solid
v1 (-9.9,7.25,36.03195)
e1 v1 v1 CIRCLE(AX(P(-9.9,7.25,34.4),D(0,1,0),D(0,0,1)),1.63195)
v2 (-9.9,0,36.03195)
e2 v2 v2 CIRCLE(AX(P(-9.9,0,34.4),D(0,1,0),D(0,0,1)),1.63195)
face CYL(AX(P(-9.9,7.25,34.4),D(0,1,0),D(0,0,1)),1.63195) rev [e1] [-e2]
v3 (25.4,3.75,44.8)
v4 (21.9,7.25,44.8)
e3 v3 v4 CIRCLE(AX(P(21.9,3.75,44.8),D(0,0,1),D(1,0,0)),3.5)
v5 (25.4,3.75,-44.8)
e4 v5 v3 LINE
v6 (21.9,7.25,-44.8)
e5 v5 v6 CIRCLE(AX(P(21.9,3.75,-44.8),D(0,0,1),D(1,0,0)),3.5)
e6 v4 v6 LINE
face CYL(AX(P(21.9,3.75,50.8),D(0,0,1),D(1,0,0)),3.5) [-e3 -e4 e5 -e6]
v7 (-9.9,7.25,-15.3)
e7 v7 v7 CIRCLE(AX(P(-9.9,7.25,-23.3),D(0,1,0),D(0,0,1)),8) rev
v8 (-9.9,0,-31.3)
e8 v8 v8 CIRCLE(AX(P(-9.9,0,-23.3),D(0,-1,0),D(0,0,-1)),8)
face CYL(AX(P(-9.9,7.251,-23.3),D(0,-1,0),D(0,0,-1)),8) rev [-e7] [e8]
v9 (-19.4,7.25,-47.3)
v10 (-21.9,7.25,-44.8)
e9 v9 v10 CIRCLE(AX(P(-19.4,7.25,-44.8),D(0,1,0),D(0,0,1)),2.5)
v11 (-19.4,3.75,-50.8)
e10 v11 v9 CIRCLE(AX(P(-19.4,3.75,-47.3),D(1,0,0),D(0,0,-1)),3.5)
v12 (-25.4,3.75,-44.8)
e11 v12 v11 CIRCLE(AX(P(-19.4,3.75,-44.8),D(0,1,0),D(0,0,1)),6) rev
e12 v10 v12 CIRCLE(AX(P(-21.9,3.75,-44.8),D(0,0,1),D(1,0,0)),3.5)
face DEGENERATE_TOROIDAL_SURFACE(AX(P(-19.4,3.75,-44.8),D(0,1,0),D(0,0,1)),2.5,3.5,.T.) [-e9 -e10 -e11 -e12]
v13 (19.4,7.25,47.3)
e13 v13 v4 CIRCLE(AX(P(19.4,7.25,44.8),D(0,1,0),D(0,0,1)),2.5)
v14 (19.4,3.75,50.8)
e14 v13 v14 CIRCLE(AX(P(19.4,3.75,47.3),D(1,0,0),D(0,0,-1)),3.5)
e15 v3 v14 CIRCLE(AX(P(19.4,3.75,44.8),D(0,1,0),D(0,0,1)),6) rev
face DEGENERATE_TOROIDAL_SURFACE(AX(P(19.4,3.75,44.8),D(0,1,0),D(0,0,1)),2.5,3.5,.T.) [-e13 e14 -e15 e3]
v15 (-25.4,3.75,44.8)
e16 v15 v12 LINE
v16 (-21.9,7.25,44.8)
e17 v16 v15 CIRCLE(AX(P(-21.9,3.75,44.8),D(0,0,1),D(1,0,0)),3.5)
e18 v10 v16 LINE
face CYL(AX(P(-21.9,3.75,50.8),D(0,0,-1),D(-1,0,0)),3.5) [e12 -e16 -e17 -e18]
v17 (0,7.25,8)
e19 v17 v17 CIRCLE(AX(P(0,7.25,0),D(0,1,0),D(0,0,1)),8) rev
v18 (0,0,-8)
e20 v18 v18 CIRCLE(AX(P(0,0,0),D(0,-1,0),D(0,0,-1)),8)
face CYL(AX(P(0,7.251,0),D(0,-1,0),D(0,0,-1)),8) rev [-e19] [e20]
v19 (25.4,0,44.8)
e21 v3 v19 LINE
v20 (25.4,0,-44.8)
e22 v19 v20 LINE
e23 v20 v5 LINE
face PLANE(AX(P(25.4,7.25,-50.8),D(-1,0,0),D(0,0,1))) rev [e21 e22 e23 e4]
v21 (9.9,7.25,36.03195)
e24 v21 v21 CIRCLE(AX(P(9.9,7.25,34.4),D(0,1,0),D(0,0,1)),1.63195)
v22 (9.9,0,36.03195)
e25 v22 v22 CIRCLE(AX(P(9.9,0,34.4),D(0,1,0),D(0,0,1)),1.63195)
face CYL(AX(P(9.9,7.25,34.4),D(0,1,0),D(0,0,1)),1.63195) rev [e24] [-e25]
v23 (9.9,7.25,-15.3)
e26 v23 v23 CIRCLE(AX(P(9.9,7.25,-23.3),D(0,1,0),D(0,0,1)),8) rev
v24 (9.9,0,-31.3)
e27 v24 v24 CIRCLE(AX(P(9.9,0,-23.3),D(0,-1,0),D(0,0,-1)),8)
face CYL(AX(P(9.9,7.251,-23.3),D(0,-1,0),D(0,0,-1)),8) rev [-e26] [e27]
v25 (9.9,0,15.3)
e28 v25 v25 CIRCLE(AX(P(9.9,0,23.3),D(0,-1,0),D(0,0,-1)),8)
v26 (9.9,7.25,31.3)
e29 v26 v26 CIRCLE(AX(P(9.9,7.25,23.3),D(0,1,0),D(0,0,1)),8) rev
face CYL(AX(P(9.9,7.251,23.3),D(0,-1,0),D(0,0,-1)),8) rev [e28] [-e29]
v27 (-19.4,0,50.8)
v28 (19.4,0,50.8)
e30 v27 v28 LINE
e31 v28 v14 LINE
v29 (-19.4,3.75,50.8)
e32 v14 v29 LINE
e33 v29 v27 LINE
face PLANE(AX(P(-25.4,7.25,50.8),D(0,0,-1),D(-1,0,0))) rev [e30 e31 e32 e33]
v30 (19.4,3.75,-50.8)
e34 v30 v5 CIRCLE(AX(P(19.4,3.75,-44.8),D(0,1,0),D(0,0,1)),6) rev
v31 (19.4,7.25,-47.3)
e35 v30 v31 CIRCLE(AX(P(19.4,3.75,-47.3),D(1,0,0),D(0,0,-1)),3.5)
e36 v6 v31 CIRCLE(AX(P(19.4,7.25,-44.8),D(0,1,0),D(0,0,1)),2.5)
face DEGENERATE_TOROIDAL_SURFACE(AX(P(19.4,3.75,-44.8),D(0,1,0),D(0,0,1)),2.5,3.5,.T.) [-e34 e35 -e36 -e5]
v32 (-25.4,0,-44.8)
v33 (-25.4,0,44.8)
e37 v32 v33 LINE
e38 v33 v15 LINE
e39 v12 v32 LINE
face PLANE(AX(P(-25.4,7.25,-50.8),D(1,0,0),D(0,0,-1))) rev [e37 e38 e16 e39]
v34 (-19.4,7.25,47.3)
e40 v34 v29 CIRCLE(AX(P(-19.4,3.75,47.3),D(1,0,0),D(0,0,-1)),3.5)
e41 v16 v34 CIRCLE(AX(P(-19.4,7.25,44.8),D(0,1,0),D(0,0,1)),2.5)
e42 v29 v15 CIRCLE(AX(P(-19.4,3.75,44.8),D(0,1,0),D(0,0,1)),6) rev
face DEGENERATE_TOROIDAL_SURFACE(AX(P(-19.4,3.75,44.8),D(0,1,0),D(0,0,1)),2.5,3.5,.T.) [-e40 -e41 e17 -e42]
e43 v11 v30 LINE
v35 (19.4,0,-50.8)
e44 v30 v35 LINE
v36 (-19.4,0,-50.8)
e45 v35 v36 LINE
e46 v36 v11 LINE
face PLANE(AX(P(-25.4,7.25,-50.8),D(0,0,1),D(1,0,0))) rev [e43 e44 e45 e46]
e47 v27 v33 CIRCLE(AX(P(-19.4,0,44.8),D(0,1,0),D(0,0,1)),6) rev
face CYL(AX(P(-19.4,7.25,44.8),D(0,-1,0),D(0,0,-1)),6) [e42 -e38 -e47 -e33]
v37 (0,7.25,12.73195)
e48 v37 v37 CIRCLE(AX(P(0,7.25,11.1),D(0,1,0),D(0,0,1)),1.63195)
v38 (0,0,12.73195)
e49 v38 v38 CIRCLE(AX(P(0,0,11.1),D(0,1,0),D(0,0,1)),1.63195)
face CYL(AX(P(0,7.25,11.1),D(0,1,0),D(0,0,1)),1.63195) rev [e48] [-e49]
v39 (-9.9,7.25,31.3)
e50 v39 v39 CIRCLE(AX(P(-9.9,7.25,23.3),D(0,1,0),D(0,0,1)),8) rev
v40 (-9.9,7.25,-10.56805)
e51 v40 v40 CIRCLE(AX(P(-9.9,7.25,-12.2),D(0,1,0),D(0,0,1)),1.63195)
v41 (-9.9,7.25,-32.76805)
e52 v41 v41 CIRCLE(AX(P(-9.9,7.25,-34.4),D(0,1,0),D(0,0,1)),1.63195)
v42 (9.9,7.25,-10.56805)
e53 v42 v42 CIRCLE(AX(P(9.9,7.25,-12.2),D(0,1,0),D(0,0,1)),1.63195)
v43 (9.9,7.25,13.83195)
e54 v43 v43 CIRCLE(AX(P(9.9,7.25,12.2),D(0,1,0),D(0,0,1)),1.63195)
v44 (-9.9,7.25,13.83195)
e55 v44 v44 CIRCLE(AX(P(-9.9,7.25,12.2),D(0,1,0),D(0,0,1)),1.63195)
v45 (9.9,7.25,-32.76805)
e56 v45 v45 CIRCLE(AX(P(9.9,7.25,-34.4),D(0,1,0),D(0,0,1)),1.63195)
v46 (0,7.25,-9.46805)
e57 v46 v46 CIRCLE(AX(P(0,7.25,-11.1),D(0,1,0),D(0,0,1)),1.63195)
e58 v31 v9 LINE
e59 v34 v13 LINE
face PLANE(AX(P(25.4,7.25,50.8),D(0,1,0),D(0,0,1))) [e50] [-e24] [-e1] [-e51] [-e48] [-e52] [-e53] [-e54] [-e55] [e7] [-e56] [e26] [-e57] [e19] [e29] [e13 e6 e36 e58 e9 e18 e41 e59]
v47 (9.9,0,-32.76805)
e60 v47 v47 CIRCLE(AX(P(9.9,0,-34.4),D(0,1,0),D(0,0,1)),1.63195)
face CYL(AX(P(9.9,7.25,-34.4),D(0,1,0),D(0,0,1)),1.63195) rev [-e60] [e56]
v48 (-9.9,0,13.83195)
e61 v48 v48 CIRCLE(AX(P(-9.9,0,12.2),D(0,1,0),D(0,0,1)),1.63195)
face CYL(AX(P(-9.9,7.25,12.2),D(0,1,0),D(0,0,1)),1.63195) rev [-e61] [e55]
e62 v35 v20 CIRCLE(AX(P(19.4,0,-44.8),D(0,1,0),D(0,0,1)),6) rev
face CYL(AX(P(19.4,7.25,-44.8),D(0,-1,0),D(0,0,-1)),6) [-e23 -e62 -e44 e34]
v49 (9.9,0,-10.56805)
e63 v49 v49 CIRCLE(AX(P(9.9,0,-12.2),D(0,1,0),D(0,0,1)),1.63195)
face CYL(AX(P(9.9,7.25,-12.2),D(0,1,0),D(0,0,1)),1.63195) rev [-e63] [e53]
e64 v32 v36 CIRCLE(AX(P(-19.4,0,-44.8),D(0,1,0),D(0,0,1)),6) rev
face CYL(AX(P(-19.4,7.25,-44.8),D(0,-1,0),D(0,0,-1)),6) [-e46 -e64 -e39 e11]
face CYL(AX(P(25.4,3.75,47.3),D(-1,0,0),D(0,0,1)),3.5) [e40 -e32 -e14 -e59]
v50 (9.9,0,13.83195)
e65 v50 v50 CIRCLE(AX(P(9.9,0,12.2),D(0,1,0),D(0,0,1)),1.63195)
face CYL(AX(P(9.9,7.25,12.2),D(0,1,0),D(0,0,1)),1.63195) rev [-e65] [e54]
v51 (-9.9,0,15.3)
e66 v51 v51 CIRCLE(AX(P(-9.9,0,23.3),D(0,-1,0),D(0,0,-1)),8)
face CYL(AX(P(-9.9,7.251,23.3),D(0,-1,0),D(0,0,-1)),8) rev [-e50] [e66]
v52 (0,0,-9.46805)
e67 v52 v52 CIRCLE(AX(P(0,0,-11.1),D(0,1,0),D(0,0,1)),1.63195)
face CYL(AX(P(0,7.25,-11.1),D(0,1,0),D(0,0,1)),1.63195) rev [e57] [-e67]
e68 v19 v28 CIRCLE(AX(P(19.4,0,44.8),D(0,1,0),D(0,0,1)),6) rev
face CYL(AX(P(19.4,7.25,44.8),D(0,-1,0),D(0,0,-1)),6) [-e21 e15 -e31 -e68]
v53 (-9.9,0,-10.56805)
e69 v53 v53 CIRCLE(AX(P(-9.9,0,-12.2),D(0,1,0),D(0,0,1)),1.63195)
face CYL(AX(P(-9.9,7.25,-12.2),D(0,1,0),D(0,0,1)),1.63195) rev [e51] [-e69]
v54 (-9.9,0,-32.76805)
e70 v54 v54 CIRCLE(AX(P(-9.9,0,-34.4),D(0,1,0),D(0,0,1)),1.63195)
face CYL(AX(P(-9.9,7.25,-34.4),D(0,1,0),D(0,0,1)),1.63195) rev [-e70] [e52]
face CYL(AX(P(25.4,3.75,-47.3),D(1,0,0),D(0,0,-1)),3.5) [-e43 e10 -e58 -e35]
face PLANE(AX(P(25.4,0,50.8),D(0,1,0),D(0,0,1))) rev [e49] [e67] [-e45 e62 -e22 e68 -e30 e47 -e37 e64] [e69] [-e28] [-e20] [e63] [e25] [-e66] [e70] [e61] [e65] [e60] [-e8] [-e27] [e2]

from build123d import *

# Parameters (mm, degrees)
SKETCH1_W             = 50.8
SKETCH1_H             = 101.6
BOSS_EXTRUDE1_DEPTH   = 7.25
FILLET1_R             = 6
FILLET2_R             = 3.5
CUT_EXTRUDE1_REACH    = 59.257
SKETCH2_R             = 8
F_4_CLEARANCE_HOLE1_D = 3.2639


with BuildPart() as part:
    # Sketch1 → Boss-Extrude1 (new body)
    with BuildSketch(Plane(origin=(0, 0, 0), x_dir=(1, 0, 0), z_dir=(0, 1, 0))):
        Rectangle(SKETCH1_W, SKETCH1_H)
    extrude(amount=BOSS_EXTRUDE1_DEPTH)

    # Fillet1
    fillet1_edges = [part.edges().sort_by_distance(p)[0] for p in [
        (25.4, 3.625, 50.8),
        (-25.4, 3.625, 50.8),
        (-25.4, 3.625, -50.8),
        (25.4, 3.625, -50.8),
    ]]
    fillet(fillet1_edges, radius=FILLET1_R)

    # Fillet2
    fillet2_edges = [part.edges().sort_by_distance(p)[0] for p in [
        (0, 7.25, -50.8),
        (25.4, 7.25, 0),
        (-25.4, 7.25, 0),
        (0, 7.25, 50.8),
        (23.642640687, 7.25, 49.042640687),
        (-23.642640687, 7.25, 49.042640687),
        (-23.642640687, 7.25, -49.042640687),
        (23.642640687, 7.25, -49.042640687),
    ]]
    fillet(fillet2_edges, radius=FILLET2_R)

    # Sketch2 → Cut-Extrude1 (cut, up to next)
    with BuildSketch(Plane.XZ, mode=Mode.PRIVATE) as cut_extrude1_sk1:
        with Locations(Location((0, 0, 0), (0, 0, 270))):
            Circle(SKETCH2_R)
    cut_extrude1_tool1 = extrude(cut_extrude1_sk1.sketch, amount=-CUT_EXTRUDE1_REACH, mode=Mode.PRIVATE) & part.part
    # Sketch2 → Cut-Extrude1 (cut, up to next)
    with BuildSketch(Plane.XZ, mode=Mode.PRIVATE) as cut_extrude1_sk2:
        with Locations(Location((9.9, 23.3, 0), (0, 0, 270))):
            Circle(SKETCH2_R)
    cut_extrude1_tool2 = extrude(cut_extrude1_sk2.sketch, amount=-CUT_EXTRUDE1_REACH, mode=Mode.PRIVATE) & part.part
    # Sketch2 → Cut-Extrude1 (cut, up to next)
    with BuildSketch(Plane.XZ, mode=Mode.PRIVATE) as cut_extrude1_sk3:
        with Locations(Location((-9.9, 23.3, 0), (0, 0, 270))):
            Circle(SKETCH2_R)
    cut_extrude1_tool3 = extrude(cut_extrude1_sk3.sketch, amount=-CUT_EXTRUDE1_REACH, mode=Mode.PRIVATE) & part.part
    # Sketch2 → Cut-Extrude1 (cut, up to next)
    with BuildSketch(Plane.XZ, mode=Mode.PRIVATE) as cut_extrude1_sk4:
        with Locations(Location((9.9, -23.3, 0), (0, 0, 270))):
            Circle(SKETCH2_R)
    cut_extrude1_tool4 = extrude(cut_extrude1_sk4.sketch, amount=-CUT_EXTRUDE1_REACH, mode=Mode.PRIVATE) & part.part
    # Sketch2 → Cut-Extrude1 (cut, up to next)
    with BuildSketch(Plane.XZ, mode=Mode.PRIVATE) as cut_extrude1_sk5:
        with Locations(Location((-9.9, -23.3, 0), (0, 0, 270))):
            Circle(SKETCH2_R)
    cut_extrude1_tool5 = extrude(cut_extrude1_sk5.sketch, amount=-CUT_EXTRUDE1_REACH, mode=Mode.PRIVATE) & part.part
    add(cut_extrude1_tool1.solids().sort_by_distance((0, 0, 0))[0], mode=Mode.SUBTRACT)
    add(cut_extrude1_tool2.solids().sort_by_distance((9.9, 0, 23.3))[0], mode=Mode.SUBTRACT)
    add(cut_extrude1_tool3.solids().sort_by_distance((-9.9, 0, 23.3))[0], mode=Mode.SUBTRACT)
    add(cut_extrude1_tool4.solids().sort_by_distance((9.9, 0, -23.3))[0], mode=Mode.SUBTRACT)
    add(cut_extrude1_tool5.solids().sort_by_distance((-9.9, 0, -23.3))[0], mode=Mode.SUBTRACT)

    # #4 Clearance Hole1 (through all)
    with Locations(Plane(origin=(0, 7.25, 0), x_dir=(-1, 0, 0), z_dir=(0, 1, 0))):
        with Locations((-9.9, 12.2), (-9.9, 34.4), (9.9, 34.4), (9.9, 12.2), (0, 11.1), (0, -11.1), (9.9, -12.2), (-9.9, -12.2), (9.9, -34.4), (-9.9, -34.4)):
            Hole(F_4_CLEARANCE_HOLE1_D / 2)


solid = part.part
